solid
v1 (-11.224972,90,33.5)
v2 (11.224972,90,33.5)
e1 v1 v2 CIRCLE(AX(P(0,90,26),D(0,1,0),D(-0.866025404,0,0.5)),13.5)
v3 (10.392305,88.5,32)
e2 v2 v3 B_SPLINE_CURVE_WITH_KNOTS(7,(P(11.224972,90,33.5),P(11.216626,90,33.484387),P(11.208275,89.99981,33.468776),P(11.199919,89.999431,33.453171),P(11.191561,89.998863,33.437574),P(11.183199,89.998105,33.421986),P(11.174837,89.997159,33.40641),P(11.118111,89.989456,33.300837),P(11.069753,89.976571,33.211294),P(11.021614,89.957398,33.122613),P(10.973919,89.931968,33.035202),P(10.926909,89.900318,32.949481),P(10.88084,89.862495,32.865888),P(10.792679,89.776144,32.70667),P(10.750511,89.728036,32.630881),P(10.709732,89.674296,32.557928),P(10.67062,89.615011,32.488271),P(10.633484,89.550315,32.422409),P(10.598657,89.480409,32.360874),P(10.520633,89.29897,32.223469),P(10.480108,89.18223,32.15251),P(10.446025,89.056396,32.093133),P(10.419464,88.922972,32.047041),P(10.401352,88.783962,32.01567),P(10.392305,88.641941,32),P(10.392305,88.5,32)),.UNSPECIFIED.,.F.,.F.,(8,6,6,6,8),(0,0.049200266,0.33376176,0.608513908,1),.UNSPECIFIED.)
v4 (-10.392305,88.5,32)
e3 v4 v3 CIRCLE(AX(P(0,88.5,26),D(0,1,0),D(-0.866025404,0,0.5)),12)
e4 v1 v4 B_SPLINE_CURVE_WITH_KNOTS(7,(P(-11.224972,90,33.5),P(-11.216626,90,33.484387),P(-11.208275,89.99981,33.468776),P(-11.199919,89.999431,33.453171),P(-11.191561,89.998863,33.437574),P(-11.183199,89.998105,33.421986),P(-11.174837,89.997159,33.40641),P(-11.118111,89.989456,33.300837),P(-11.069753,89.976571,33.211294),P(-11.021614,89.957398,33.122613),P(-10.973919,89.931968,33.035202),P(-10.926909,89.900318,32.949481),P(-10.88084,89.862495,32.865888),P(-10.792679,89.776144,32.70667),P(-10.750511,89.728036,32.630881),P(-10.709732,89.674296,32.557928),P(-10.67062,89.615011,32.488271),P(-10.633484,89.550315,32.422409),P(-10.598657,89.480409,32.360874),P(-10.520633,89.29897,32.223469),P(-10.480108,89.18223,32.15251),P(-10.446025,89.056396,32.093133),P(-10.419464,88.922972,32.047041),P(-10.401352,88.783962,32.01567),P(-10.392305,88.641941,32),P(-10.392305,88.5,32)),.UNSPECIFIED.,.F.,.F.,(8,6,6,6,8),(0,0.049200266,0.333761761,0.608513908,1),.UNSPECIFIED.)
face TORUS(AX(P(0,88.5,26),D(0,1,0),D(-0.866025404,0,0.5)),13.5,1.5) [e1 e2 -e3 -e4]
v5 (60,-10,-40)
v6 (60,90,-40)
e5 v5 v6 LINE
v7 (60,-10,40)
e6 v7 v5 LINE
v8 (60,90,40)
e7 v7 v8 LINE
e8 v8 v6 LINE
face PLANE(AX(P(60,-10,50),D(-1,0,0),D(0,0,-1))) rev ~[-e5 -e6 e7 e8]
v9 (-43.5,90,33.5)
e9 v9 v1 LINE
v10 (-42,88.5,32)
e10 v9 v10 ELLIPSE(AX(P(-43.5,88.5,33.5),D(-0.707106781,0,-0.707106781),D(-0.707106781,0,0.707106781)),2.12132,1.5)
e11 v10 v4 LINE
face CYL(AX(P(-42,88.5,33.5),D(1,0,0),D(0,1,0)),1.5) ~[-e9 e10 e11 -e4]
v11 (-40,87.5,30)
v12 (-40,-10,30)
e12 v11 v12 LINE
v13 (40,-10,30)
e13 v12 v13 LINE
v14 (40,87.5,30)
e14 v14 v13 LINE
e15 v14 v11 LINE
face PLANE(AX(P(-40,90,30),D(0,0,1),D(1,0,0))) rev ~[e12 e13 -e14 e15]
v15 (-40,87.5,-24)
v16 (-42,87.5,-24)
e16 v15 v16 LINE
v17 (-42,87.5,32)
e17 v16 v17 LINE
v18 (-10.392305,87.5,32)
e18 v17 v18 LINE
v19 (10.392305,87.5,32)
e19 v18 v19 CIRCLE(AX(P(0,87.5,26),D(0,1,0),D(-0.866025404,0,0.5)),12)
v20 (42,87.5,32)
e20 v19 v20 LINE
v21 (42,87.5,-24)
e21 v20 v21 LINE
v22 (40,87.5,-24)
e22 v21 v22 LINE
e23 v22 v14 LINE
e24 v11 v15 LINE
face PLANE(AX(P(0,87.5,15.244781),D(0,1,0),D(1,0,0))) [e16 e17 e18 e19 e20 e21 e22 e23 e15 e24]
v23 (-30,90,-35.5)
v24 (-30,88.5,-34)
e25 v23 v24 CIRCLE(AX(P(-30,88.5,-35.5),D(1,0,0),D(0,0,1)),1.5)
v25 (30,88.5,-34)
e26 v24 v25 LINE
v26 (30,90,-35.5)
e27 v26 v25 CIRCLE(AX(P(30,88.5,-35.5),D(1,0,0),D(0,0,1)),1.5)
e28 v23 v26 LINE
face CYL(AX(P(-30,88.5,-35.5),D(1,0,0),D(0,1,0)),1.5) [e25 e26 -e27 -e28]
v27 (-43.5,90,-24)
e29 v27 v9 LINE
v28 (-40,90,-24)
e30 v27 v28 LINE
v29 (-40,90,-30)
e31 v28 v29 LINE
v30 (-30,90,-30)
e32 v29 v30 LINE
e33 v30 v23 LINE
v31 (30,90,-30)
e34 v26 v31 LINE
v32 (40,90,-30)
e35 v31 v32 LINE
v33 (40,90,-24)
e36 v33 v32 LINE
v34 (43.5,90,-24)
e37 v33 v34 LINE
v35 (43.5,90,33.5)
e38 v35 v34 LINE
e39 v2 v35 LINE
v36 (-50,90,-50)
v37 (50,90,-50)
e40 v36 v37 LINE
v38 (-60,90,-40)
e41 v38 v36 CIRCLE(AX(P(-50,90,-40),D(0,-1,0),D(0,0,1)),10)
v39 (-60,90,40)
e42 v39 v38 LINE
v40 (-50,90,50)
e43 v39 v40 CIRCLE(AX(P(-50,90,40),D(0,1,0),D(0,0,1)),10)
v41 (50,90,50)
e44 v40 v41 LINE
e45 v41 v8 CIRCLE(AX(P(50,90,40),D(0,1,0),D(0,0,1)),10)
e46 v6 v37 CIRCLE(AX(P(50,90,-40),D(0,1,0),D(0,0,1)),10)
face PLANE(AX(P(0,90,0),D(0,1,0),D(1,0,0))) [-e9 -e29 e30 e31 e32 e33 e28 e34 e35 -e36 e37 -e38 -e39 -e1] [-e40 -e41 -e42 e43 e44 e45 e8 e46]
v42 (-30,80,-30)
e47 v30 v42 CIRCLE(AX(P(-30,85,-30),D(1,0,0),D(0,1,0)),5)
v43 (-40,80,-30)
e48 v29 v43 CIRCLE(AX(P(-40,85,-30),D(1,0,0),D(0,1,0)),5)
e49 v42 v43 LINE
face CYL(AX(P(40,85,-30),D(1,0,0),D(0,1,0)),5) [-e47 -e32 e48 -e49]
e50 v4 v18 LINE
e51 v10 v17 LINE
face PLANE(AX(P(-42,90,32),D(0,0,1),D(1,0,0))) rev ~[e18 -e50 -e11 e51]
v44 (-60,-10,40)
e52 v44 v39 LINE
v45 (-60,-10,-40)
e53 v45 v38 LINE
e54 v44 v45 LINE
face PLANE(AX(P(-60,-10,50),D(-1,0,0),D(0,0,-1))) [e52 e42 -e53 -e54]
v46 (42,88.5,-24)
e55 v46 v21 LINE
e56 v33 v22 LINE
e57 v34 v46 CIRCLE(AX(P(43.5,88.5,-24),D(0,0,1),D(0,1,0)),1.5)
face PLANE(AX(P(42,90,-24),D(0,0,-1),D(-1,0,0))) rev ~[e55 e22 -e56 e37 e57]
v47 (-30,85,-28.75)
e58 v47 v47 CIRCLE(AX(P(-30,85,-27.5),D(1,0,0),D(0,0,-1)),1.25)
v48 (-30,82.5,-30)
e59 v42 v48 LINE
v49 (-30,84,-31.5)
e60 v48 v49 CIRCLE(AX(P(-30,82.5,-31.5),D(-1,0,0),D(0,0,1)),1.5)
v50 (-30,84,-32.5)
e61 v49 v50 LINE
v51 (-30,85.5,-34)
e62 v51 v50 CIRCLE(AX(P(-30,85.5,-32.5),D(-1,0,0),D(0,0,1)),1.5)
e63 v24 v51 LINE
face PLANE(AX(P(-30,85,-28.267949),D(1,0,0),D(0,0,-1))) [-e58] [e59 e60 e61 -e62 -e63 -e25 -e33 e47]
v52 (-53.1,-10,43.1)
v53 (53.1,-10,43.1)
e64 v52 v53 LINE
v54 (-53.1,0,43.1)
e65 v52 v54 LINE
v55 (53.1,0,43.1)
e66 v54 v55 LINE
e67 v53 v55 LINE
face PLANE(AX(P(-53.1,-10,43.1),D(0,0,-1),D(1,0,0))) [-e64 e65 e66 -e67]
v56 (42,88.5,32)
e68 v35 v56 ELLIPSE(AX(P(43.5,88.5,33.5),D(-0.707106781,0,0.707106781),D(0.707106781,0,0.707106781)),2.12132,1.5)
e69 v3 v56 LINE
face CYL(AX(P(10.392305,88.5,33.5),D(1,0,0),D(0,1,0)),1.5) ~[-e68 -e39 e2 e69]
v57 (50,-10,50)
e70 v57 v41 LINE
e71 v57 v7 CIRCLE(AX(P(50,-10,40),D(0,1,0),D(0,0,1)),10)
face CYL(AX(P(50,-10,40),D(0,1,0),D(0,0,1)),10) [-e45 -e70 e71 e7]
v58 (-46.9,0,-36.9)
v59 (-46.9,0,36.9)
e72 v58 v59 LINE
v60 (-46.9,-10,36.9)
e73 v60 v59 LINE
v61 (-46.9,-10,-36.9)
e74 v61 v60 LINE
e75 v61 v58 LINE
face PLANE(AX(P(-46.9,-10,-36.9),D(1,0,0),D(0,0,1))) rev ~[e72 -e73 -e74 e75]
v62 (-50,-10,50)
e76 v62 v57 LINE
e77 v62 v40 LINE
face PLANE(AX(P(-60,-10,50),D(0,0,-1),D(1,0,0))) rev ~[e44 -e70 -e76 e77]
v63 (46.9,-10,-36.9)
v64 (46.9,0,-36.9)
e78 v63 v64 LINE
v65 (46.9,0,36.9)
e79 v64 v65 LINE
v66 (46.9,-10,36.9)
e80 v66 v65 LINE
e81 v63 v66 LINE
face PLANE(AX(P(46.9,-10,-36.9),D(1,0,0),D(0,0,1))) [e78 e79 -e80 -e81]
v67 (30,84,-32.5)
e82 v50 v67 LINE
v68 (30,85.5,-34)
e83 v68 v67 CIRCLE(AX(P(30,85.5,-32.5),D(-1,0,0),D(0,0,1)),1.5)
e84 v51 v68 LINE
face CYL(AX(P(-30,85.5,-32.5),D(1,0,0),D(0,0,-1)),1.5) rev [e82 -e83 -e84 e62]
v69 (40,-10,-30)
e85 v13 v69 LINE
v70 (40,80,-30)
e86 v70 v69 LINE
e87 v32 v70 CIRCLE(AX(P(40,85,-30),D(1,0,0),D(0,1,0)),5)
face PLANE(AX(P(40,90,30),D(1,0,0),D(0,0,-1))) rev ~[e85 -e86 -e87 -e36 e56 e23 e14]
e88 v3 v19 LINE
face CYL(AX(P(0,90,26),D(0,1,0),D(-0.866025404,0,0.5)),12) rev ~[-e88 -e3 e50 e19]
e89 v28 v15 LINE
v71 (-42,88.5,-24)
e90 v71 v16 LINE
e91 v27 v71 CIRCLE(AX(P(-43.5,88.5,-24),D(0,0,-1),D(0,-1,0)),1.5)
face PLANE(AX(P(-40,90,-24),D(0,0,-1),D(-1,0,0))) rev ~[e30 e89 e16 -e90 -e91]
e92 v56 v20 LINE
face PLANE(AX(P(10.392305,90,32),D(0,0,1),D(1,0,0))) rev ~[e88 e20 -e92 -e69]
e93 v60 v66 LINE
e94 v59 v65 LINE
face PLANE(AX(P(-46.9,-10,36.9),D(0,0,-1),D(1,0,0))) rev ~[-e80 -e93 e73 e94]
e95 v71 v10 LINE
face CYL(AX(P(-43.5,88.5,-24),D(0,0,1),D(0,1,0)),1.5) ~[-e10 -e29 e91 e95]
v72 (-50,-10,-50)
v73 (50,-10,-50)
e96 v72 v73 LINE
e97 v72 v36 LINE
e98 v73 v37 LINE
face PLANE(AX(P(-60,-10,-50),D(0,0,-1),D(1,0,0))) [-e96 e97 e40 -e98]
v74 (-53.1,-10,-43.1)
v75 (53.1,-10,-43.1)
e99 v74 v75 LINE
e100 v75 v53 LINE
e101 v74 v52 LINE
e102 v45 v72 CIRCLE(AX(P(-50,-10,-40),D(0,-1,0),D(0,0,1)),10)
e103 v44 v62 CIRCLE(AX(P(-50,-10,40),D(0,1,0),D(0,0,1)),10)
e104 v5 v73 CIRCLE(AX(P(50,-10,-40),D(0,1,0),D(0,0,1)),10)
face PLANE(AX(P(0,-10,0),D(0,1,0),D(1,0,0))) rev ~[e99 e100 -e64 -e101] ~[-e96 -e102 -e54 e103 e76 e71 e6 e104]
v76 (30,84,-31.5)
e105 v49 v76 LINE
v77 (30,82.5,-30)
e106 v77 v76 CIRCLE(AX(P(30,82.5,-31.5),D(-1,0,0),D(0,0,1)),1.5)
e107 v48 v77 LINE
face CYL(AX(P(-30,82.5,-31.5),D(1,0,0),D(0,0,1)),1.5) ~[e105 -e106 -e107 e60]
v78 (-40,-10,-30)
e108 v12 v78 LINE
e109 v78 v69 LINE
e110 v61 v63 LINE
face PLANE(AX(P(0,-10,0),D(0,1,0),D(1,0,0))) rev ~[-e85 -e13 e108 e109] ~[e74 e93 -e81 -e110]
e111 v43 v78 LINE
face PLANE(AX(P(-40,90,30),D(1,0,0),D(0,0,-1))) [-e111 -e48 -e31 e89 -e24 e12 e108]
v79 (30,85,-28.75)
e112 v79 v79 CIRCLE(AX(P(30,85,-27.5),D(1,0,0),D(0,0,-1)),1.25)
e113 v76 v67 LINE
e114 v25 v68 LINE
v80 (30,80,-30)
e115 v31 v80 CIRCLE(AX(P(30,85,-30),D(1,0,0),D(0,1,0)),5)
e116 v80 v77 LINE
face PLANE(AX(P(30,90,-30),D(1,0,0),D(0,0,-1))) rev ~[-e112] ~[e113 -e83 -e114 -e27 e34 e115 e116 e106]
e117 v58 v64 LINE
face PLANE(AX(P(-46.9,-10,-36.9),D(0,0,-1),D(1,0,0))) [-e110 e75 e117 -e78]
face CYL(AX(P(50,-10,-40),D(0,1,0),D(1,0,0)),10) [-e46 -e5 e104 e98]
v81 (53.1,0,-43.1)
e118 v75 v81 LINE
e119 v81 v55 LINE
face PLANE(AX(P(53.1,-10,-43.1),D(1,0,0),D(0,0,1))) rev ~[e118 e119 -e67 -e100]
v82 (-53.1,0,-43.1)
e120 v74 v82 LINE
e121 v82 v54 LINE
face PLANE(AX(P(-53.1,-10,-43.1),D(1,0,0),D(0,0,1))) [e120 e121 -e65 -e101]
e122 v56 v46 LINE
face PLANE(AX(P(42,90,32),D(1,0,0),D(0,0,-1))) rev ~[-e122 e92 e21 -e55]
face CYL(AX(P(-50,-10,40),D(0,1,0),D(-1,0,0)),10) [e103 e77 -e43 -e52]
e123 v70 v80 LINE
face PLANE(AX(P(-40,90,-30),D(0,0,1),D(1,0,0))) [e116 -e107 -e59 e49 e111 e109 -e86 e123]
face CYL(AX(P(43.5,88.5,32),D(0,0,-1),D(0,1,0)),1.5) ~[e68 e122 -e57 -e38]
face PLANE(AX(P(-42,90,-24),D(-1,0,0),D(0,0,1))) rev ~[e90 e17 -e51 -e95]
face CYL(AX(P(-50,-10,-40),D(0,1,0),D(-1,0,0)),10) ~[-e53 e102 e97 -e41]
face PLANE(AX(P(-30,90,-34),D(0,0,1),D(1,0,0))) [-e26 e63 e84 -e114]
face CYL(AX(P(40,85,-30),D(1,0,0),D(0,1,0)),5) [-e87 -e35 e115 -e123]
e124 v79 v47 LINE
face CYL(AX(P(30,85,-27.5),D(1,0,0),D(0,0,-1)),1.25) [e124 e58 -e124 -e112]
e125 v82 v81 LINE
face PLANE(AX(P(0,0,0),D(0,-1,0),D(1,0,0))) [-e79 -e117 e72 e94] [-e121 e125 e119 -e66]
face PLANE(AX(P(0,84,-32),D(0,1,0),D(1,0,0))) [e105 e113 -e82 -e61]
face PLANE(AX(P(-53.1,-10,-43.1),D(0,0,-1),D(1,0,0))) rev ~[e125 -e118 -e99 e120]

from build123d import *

# Parameters (mm, degrees)
BOSS_EXTRUDE1_DEPTH      = 90
BOSS_EXTRUDE1_DEPTH_BACK = 10
SKETCH1_W                = 120
SKETCH1_H                = 100
FILLET1_R                = 10
SKETCH2_W                = 80
SKETCH2_H                = 60
CUT_EXTRUDE1_DEPTH       = 127.885775404
SKETCH3_W                = 106.2
SKETCH3_H                = 86.2
SKETCH3_W_2              = 93.8
SKETCH3_H_2              = 73.8
CUT_EXTRUDE2_DEPTH       = 10
BOSS_EXTRUDE3_START      = -20
BOSS_EXTRUDE3_DEPTH      = 80
CUT_EXTRUDE3_START       = -30
SKETCH5_R                = 1.25
CUT_EXTRUDE3_DEPTH       = 60
CUT_EXTRUDE4_DEPTH       = 2.5
SKETCH7_W                = 60
SKETCH7_H                = 4
CUT_EXTRUDE5_DEPTH       = 6
FILLET2_R                = 1.5


with BuildPart() as part:
    # Sketch1 → Boss-Extrude1 (new, two sides: drawn at the far end of the back side and taken through both)
    with BuildSketch(Plane(origin=(0, 0, 0), x_dir=(1, 0, 0), z_dir=(0, 1, 0)).offset(-BOSS_EXTRUDE1_DEPTH_BACK)):
        Rectangle(SKETCH1_W, SKETCH1_H)
    extrude(amount=BOSS_EXTRUDE1_DEPTH + BOSS_EXTRUDE1_DEPTH_BACK)

    # Fillet1
    fillet1_edges = [part.edges().sort_by_distance(p)[0] for p in [
        (-60, 40, -50),
        (60, 40, -50),
        (60, 40, 50),
        (-60, 40, 50),
    ]]
    fillet(fillet1_edges, radius=FILLET1_R)

    # Sketch2 → Cut-Extrude1 (cut, through all)
    with BuildSketch(Plane(origin=(0, 90, 0), x_dir=(1, 0, 0), z_dir=(0, 1, 0))):
        Rectangle(SKETCH2_W, SKETCH2_H)
    extrude(amount=-CUT_EXTRUDE1_DEPTH, mode=Mode.SUBTRACT)

    # Sketch3 → Cut-Extrude2 (cut)
    with BuildSketch(Plane.XZ.offset(10)):
        Rectangle(SKETCH3_W, SKETCH3_H)
        Rectangle(SKETCH3_W_2, SKETCH3_H_2, mode=Mode.SUBTRACT)
    extrude(amount=-CUT_EXTRUDE2_DEPTH, mode=Mode.SUBTRACT)

    # Sketch4 → Boss-Extrude3 (add)
    with BuildSketch(Plane(origin=(60, 0, 0), x_dir=(0, 0, -1), z_dir=(1, 0, 0)).offset(BOSS_EXTRUDE3_START)):
        with BuildLine():
            Line((30, 80), (30, 90))
            ThreePointArc((30, 90), (25, 85), (30, 80))
        make_face()
    extrude(amount=-BOSS_EXTRUDE3_DEPTH)

    # Sketch5 → Cut-Extrude3 (cut)
    with BuildSketch(Plane(origin=(60, 0, 0), x_dir=(0, 0, -1), z_dir=(1, 0, 0)).offset(CUT_EXTRUDE3_START)):
        with BuildLine():
            Line((30, 80), (30, 90))
            ThreePointArc((30, 90), (25, 85), (30, 80))
        make_face()
        with Locations((27.5, 85)):
            Circle(SKETCH5_R, mode=Mode.SUBTRACT)
    extrude(amount=-CUT_EXTRUDE3_DEPTH, mode=Mode.SUBTRACT)

    # Sketch6 → Cut-Extrude4 (cut)
    with BuildSketch(Plane(origin=(0, 90, 0), x_dir=(1, 0, 0), z_dir=(0, 1, 0))):
        with BuildLine():
            Line((-40, -30), (-40, 24))
            Line((-40, 24), (-42, 24))
            Line((-42, 24), (-42, -32))
            Line((-42, -32), (-10.392304845, -32))
            ThreePointArc((-10.392304845, -32), (0, -38), (10.392304845, -32))
            Line((10.392304845, -32), (42, -32))
            Line((42, -32), (42, 24))
            Line((42, 24), (40, 24))
            Line((40, 24), (40, -30))
            Line((40, -30), (-40, -30))
        make_face()
    extrude(amount=-CUT_EXTRUDE4_DEPTH, mode=Mode.SUBTRACT)

    # Sketch7 → Cut-Extrude5 (cut)
    with BuildSketch(Plane(origin=(0, 90, 0), x_dir=(1, 0, 0), z_dir=(0, 1, 0))):
        with Locations((0, 32)):
            Rectangle(SKETCH7_W, SKETCH7_H)
    extrude(amount=-CUT_EXTRUDE5_DEPTH, mode=Mode.SUBTRACT)

    # Fillet2
    fillet2_edges = [part.edges().sort_by_distance(p)[0] for p in [
        (-42, 90, 4),
        (-26.196152423, 90, 32),
        (0, 90, 38),
        (26.196152423, 90, 32),
        (42, 90, 4),
        (0, 84, -34),
        (0, 84, -30),
        (0, 90, -34),
    ]]
    fillet(fillet2_edges, radius=FILLET2_R)


solid = part.part
